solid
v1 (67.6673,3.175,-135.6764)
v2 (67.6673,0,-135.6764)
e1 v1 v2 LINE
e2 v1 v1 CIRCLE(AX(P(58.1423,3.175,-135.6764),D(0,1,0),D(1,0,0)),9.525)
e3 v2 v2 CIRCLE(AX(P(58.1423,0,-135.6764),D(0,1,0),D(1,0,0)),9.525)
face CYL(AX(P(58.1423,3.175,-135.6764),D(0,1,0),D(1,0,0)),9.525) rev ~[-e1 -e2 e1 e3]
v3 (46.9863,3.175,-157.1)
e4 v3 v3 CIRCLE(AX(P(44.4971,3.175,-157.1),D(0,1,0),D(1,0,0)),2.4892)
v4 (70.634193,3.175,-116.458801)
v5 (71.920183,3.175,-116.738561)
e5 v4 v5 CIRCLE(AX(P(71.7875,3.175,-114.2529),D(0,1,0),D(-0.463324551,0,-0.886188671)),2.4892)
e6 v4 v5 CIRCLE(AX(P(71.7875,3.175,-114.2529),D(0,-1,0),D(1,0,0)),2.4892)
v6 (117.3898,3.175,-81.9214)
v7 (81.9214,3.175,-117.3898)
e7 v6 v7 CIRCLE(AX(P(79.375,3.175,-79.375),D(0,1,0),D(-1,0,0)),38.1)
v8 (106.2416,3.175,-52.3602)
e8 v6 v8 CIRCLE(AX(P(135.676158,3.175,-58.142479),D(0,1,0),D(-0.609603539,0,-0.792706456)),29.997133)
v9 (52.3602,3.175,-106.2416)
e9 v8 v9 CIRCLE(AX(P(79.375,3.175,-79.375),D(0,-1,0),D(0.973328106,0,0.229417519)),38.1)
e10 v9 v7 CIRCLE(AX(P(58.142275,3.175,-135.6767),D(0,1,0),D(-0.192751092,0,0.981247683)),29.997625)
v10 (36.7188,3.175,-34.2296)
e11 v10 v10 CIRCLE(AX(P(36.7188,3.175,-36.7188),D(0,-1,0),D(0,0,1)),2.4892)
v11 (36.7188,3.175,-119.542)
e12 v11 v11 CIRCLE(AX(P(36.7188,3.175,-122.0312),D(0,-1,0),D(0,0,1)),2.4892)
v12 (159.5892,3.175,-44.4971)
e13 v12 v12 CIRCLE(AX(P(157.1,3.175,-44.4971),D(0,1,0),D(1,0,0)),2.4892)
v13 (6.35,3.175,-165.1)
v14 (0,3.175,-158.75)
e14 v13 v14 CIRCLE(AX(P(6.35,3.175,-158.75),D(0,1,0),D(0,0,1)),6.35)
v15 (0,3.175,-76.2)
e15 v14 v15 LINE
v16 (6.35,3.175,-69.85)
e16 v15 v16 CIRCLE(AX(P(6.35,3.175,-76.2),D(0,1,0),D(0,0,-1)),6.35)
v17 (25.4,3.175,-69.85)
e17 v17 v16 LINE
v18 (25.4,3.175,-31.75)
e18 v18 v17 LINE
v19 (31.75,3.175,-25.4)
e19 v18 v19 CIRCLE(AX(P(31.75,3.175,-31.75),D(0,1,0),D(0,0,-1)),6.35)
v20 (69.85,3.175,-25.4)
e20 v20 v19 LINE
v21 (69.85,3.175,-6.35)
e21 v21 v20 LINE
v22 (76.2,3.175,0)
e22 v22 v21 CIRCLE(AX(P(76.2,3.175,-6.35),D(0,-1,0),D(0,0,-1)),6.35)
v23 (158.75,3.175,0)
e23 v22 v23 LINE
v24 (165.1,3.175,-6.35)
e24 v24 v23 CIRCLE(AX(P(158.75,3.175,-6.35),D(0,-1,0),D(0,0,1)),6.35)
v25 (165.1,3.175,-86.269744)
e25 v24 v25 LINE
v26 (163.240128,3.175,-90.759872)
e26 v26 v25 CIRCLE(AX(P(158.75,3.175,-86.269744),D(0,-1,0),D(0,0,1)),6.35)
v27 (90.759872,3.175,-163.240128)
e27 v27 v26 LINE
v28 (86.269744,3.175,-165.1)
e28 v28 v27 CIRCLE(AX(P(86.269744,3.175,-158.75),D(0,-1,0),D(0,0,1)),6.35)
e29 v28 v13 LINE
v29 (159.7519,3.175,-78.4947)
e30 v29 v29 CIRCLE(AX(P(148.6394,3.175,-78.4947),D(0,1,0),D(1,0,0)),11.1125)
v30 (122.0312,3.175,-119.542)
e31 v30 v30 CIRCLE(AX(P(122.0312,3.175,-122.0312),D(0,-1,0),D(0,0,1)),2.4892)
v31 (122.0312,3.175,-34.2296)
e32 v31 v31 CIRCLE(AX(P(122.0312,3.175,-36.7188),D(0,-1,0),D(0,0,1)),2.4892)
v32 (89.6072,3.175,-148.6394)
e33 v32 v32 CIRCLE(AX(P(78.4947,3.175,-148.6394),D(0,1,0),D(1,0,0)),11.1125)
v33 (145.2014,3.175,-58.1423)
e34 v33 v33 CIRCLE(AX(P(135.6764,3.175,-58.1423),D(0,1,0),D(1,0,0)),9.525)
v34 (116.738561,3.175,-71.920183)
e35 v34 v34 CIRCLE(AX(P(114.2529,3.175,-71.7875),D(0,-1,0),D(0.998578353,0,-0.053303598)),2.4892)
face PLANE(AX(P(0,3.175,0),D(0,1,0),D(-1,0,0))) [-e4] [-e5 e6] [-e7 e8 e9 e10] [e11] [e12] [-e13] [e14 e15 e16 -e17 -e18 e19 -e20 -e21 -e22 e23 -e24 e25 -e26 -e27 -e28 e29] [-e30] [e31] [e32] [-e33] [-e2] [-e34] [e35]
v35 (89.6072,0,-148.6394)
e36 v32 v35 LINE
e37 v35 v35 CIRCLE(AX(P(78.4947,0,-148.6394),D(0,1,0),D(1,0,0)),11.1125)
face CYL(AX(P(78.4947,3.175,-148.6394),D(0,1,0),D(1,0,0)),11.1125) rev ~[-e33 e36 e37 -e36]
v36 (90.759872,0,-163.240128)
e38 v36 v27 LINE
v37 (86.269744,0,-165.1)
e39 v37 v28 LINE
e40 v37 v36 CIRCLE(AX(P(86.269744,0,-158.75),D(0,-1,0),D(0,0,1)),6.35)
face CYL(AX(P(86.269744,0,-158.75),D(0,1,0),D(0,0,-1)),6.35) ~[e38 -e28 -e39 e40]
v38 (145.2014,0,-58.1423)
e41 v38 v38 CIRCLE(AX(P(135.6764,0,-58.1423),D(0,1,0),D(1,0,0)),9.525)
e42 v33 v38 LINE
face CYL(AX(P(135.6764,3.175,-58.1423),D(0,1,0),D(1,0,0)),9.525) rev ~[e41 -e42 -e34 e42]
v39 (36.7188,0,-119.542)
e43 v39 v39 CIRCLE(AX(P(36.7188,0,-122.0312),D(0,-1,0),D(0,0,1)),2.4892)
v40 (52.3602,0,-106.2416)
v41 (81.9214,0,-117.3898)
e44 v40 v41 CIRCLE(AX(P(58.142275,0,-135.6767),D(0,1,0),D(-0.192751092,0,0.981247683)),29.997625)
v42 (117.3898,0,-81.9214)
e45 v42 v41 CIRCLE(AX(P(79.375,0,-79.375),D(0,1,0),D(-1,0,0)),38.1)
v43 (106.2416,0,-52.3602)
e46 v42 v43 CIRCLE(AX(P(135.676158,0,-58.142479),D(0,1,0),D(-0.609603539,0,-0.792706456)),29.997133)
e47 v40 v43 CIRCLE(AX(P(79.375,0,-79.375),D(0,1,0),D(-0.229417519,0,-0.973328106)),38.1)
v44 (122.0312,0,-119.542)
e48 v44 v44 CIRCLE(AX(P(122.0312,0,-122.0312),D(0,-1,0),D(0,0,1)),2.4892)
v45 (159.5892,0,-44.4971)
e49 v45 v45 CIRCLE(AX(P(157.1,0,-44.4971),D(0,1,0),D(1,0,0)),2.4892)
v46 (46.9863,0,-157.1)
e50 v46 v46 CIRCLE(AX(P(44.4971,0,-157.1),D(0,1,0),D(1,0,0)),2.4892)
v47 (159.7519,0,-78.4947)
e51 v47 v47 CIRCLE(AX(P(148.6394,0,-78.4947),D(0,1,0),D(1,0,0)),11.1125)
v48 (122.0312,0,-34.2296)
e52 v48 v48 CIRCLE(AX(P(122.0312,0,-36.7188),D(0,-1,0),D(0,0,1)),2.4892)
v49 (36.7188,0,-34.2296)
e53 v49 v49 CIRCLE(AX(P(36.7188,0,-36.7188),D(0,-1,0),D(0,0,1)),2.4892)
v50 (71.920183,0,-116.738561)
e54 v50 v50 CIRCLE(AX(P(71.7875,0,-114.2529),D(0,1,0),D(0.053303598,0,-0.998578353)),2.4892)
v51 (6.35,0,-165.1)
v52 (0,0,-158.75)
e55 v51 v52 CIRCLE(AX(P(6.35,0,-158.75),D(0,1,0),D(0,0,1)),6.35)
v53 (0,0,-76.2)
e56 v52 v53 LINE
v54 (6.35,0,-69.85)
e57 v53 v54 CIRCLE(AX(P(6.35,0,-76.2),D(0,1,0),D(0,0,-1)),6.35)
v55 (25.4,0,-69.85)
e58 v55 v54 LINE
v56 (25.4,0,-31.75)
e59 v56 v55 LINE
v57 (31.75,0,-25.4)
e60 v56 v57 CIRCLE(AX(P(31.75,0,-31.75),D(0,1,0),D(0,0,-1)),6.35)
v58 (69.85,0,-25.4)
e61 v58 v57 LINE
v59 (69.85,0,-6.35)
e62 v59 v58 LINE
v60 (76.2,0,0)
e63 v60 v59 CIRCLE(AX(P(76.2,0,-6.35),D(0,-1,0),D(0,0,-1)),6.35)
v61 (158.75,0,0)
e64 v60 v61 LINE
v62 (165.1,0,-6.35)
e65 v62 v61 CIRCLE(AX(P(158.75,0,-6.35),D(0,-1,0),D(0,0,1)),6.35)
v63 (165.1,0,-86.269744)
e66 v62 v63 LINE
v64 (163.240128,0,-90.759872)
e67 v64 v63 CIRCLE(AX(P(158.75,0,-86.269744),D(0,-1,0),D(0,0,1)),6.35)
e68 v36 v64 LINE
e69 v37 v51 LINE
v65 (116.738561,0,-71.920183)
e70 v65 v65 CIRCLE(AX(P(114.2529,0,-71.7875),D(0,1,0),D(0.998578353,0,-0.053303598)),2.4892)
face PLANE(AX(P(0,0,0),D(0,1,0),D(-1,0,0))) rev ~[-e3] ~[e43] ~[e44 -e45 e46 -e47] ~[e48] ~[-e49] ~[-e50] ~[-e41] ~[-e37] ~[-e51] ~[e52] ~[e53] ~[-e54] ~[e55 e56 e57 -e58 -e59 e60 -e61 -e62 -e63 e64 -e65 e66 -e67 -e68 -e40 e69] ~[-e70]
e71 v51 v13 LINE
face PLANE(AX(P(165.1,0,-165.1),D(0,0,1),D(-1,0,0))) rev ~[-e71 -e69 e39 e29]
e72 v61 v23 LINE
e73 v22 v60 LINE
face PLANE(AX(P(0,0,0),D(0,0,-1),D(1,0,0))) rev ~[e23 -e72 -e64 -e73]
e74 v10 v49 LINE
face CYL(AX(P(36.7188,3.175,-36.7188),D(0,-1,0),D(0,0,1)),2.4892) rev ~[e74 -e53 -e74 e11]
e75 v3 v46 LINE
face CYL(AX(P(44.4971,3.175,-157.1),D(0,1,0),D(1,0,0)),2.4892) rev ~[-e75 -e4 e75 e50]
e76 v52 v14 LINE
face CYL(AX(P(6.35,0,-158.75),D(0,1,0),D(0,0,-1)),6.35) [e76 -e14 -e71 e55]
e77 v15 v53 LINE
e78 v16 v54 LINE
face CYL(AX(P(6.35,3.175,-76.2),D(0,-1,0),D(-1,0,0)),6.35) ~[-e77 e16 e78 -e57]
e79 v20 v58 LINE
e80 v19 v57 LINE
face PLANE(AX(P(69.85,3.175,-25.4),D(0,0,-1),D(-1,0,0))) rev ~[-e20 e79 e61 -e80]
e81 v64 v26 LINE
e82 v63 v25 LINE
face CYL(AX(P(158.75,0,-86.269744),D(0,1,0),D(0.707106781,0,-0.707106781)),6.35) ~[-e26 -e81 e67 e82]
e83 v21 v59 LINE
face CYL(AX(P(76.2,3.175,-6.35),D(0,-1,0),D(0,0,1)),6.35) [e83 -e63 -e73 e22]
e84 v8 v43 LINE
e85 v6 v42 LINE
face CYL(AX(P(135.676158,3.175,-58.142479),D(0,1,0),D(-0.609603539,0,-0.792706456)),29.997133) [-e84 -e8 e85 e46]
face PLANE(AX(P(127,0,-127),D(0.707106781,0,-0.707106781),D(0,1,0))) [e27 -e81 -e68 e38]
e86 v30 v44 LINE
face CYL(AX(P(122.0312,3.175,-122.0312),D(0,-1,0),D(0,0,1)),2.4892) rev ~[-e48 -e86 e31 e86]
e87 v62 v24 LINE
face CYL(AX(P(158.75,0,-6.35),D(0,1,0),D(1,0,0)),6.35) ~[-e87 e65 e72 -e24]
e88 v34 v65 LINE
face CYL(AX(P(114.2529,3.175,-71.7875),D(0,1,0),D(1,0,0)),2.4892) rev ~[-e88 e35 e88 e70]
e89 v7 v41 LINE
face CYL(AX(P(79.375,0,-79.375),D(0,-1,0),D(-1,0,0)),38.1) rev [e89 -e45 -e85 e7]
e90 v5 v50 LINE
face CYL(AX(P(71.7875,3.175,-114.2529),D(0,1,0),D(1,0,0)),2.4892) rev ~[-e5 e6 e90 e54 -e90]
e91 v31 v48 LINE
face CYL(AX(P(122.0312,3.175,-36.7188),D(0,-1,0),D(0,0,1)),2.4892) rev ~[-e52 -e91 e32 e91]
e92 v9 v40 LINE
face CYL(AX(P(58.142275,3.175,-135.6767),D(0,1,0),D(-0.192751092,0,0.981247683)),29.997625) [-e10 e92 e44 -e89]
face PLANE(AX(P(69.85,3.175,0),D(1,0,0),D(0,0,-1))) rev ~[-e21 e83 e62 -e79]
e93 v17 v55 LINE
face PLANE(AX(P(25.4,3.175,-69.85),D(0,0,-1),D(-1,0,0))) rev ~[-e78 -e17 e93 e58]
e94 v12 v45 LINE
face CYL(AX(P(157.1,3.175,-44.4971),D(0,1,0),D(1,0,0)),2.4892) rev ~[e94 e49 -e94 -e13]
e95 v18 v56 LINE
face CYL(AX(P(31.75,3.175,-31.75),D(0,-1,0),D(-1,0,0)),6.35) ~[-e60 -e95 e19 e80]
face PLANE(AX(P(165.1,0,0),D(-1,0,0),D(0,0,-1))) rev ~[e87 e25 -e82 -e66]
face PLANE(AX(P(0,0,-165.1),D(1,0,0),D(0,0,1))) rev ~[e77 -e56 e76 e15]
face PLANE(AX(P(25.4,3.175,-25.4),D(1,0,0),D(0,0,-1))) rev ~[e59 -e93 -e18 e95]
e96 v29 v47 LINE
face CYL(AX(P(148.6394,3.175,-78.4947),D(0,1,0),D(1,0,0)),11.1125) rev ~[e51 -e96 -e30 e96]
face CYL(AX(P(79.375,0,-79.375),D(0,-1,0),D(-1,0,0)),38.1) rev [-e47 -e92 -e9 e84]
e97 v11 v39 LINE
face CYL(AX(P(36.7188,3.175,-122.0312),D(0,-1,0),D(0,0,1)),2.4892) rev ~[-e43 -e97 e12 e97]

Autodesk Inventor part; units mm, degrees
ref_plane "YZ Plane" through (0, 0, 0) normal (1, 0, 0) x (0, 1, 0)
ref_plane "XZ Plane" through (0, 0, 0) normal (0, 1, 0) x (-1, 0, 0)
ref_plane "XY Plane" through (0, 0, 0) normal (0, 0, 1) x (1, 0, 0)
sketch "Sketch1" plane through (0, 0, 0) normal (0, 1, 0) x (-1, 0, 0)
  line L0 (0, 0) -> (-165.1, 0)
  line L1 (-165.1, 0) -> (-165.1, -165.1)
  line L2 (-165.1, -165.1) -> (0, -165.1)
  line L3 (0, -165.1) -> (0, 0)
  circle A0 centre (-79.375, -79.375) radius 38.1
  line L4 (-25.4, -165.1) -> (-25.4, 0) construction
  line L5 (0, -25.4) -> (-165.1, -25.4) construction
  line L6 (0, 0) -> (-165.1, -165.1) construction
  circle A1 centre (-79.375, -79.375) radius 53.975 construction
  dimension "d0" = 76.2
  dimension "d3" = 25.4
  dimension "d4" = 25.4
  dimension "d5" = 107.95
  dimension "d25" = 165.1
extrude "Extrusion1" add sketch "Sketch1" along normal blind 3.175
sketch "Sketch2" plane through (0, 3.175, 0) normal (0, 1, 0) x (1, 0, 0)
  circle A0 centre (79.375, 79.375) radius 38.1 construction
  circle A1 centre (79.375, 79.375) radius 60.325 construction
  line L0 (0, 165.1) -> (0, 0) construction
  arc A2 (184.15, 82.55) -> (82.55, 184.15) centre (82.55, 82.55) ccw construction
  line L1 (36.7188, 36.7188) -> (122.0312, 36.7188) construction
  line L2 (122.0312, 36.7188) -> (122.0312, 122.0312) construction
  line L3 (122.0312, 122.0312) -> (36.7188, 122.0312) construction
  line L4 (36.7188, 122.0312) -> (36.7188, 36.7188) construction
  dimension "d9" = 120.65
hole "Hole1" at (36.7188, 3.175, -36.7188) at (122.0312, 3.175, -122.0312) at (122.0312, 3.175, -36.7188) at (36.7188, 3.175, -122.0312) direction (0, -1, 0) diameter 4.9784 end through all
sketch "Sketch3" plane through (0, 3.175, 0) normal (0, 1, 0) x (1, 0, 0)
  circle A0 centre (79.375, 79.375) radius 38.1 construction
  circle A1 centre (79.375, 79.375) radius 53.975 construction
  circle A2 centre (58.1423, 135.6764) radius 9.525
  line L0 (0, 0) -> (79.375, 79.375) construction
  circle A3 centre (135.6764, 58.1423) radius 9.525
  circle A4 centre (122.0312, 122.0312) radius 2.4892 construction
  circle A5 centre (58.1423, 135.6764) radius 24.13 construction
  line L1 (79.375, 79.375) -> (78.4947, 148.6394) construction
  circle A6 centre (78.4947, 148.6394) radius 11.1125
  circle A7 centre (148.6394, 78.4947) radius 11.1125
  circle A8 centre (58.1423, 135.6764) radius 25.4 construction
  circle A9 centre (122.0312, 122.0312) radius 4.7625 construction
  circle A10 centre (58.1423, 135.6764) radius 29.9974 construction
  circle A11 centre (36.7188, 122.0312) radius 2.4892 projected
  circle A12 centre (44.4971, 157.1) radius 2.4892
  circle A13 centre (122.0312, 36.7188) radius 2.4892
  circle A14 centre (157.1, 44.4971) radius 2.4892
  circle A15 centre (71.7875, 114.2529) radius 2.4892
  circle A16 centre (114.2529, 71.7875) radius 2.4892
  circle A17 centre (79.375, 79.375) radius 38.1 projected
  arc A18 (52.3602, 106.2416) -> (81.9214, 117.3898) centre (58.1423, 135.6764) ccw
  arc A19 (117.3898, 81.9214) -> (106.2416, 52.3602) centre (135.6764, 58.1423) ccw
  circle A20 centre (36.7188, 122.0312) radius 2.4892 projected
  line L2 (36.7188, 122.0312) -> (78.4947, 148.6394) construction
  point P0 (117.3898, 81.9214)
  point P1 (106.2416, 52.3602)
  dimension "d33" = 48.26
  dimension "d17" = 107.95
  dimension "d19" = 19.05
  dimension "d34" = 69.27
  dimension "d35" = 22.225
  dimension "d37" = 50.8
  dimension "d38" = 59.9948
  dimension "d39" = 9.525
  dimension "d52" = 4.9784
  dimension "d53" = 90
  dimension "d56" = 90
extrude "Extrusion5" cut sketch "Sketch3" against normal through all contours A2 | A3 | A6 | A7 | A12 | A14 | A15 A17 | A17 A15 | A17 A16 | A16 A17
extrude "Extrusion6" add sketch "Sketch3" against normal up to surface (3.175 mm away) contours A15 A17 A18 | A17 A16 A19
sketch "Sketch5" plane through (0, 3.175, 0) normal (0, 1, 0) x (1, 0, 0)
  line L0 (0, 165.1) -> (0, 0) projected
  line L1 (0, 0) -> (25.4, 0)
  line L2 (25.4, 0) -> (25.4, 69.85)
  line L3 (25.4, 69.85) -> (0, 69.85)
  line L4 (0, 69.85) -> (0, 0)
  line L5 (25.4, 0) -> (69.85, 0)
  line L6 (69.85, 0) -> (69.85, 25.4)
  line L7 (69.85, 25.4) -> (25.4, 25.4)
  line L8 (25.4, 25.4) -> (25.4, 0)
  dimension "d63" = 25.4
  dimension "d64" = 69.85
  dimension "d65" = 44.45
  dimension "d66" = 25.4
extrude "Extrusion7" cut sketch "Sketch5" against normal up to surface (3.175 mm away)
chamfer "Chamfer3" distance 76.2 angle 45 1 edges at (165.1, 1.5875, -165.1)
fillet "Fillet6" radius 6.35 7 edges at (165.1, 1.5875, 0) (165.1, 1.5875, -88.9) (88.9, 1.5875, -165.1) (0, 1.5875, -165.1) (25.4, 1.5875, -25.4) (0, 1.5875, -69.85) (69.85, 1.5875, 0)
properties part number "TopPlate2"
